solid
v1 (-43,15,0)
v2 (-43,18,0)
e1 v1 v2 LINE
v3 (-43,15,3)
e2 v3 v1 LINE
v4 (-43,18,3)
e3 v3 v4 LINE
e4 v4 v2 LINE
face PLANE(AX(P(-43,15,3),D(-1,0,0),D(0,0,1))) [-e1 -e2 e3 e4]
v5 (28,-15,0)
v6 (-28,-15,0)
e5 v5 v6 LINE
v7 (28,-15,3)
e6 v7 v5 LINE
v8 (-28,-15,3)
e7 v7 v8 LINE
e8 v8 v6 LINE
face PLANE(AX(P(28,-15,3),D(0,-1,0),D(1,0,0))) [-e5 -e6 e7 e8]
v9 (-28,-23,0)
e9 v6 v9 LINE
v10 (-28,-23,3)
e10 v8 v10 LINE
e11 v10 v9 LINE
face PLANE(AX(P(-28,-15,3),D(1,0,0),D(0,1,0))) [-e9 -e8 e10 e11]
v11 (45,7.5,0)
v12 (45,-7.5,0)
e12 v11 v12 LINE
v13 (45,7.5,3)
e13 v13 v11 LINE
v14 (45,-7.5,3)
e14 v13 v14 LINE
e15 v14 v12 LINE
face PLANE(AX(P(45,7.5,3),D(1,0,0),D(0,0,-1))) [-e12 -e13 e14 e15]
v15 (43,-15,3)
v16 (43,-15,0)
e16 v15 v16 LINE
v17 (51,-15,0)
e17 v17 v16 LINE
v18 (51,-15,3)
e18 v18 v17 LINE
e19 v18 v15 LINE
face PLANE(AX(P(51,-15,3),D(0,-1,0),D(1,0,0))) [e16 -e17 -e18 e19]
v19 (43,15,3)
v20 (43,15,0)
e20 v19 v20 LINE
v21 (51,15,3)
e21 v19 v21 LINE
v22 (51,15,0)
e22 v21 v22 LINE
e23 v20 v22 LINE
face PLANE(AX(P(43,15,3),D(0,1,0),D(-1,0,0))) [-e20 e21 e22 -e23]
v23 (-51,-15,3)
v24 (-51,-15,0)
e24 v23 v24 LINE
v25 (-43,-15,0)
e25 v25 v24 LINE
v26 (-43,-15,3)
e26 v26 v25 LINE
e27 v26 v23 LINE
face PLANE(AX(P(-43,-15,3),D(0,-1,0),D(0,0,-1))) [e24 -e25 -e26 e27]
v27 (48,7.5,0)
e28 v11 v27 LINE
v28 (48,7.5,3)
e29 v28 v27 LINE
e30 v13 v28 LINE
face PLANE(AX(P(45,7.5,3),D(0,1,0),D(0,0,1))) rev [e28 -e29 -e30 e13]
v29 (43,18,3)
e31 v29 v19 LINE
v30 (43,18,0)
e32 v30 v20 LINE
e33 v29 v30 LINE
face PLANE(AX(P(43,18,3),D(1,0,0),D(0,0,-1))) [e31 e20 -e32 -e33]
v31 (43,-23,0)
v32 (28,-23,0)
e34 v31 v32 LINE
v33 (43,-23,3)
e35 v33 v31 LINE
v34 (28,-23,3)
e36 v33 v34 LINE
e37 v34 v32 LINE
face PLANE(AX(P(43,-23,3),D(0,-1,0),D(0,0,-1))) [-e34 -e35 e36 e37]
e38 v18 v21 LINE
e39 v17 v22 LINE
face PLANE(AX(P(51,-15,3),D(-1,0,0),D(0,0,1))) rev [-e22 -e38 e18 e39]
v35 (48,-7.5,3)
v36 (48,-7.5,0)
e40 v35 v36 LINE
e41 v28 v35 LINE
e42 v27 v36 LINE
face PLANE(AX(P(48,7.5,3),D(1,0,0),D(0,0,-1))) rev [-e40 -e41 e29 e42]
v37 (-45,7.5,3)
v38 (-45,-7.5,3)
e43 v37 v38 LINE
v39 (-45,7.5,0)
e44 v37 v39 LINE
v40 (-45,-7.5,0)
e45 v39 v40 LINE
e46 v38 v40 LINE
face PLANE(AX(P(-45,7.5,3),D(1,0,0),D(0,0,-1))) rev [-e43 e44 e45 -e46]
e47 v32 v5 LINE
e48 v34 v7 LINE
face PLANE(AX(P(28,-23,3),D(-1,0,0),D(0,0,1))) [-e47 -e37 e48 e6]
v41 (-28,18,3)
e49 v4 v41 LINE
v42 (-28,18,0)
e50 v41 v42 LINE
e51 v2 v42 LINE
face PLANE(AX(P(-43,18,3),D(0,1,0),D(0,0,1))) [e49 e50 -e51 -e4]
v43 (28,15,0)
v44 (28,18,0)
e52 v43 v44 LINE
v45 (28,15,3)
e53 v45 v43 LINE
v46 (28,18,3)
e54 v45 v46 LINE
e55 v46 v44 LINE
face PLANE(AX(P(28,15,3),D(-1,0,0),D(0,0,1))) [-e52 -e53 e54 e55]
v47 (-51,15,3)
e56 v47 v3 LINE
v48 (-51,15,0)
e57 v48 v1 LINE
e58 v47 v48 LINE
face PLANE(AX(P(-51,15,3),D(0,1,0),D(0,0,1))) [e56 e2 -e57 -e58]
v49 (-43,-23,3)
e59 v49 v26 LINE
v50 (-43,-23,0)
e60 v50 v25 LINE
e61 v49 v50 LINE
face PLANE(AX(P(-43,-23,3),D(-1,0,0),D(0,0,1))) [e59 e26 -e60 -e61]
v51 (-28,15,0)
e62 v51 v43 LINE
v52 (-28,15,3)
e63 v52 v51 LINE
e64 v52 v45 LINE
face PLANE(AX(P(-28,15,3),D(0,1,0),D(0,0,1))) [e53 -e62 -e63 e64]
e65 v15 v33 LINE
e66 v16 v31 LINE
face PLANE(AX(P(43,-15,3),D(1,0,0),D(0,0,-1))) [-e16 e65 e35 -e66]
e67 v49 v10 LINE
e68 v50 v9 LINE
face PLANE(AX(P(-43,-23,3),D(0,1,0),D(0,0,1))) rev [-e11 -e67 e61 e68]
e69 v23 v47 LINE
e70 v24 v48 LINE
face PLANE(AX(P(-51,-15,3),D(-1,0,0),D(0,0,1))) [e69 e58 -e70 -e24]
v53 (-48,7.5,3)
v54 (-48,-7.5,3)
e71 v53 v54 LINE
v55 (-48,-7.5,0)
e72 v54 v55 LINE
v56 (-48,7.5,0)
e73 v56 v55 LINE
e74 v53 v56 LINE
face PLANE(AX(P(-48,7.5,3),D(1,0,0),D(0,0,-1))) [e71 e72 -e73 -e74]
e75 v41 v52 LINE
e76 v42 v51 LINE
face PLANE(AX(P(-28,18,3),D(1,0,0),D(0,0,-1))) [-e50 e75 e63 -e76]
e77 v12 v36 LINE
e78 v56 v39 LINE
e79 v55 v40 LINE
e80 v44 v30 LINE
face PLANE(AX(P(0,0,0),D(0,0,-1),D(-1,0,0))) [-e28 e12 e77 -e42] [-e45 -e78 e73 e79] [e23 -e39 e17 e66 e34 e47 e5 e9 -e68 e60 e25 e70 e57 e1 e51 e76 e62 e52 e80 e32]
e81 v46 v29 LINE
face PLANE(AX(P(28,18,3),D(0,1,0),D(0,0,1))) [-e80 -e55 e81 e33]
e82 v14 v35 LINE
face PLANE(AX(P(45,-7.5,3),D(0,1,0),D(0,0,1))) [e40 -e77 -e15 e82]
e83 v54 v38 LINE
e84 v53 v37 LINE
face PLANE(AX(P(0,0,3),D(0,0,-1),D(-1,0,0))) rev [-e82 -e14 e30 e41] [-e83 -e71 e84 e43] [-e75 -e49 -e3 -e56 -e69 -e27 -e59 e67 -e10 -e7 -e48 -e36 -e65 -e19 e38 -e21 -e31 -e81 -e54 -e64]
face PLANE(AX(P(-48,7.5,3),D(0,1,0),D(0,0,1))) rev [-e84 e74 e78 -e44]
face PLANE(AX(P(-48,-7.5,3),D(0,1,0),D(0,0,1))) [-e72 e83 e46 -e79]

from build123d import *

# Parameters (mm, degrees)
SKETCH1_W           = 3
SKETCH1_H           = 15
BOSS_EXTRUDE1_DEPTH = 3


with BuildPart() as part:
    # Sketch1 → Boss-Extrude1 (new body)
    with BuildSketch(Plane.XY):
        Polygon((-51, 15), (-43, 15), (-43, 18), (-28, 18), (-28, 15), (28, 15), (28, 18), (43, 18), (43, 15), (51, 15), (51, -15), (43, -15), (43, -23), (28, -23), (28, -15), (-28, -15), (-28, -23), (-43, -23), (-43, -15), (-51, -15), align=None)
        with Locations((-46.5, 0)):
            Rectangle(SKETCH1_W, SKETCH1_H, mode=Mode.SUBTRACT)
        with Locations((46.5, 0)):
            Rectangle(SKETCH1_W, SKETCH1_H, mode=Mode.SUBTRACT)
    extrude(amount=BOSS_EXTRUDE1_DEPTH)


solid = part.part
